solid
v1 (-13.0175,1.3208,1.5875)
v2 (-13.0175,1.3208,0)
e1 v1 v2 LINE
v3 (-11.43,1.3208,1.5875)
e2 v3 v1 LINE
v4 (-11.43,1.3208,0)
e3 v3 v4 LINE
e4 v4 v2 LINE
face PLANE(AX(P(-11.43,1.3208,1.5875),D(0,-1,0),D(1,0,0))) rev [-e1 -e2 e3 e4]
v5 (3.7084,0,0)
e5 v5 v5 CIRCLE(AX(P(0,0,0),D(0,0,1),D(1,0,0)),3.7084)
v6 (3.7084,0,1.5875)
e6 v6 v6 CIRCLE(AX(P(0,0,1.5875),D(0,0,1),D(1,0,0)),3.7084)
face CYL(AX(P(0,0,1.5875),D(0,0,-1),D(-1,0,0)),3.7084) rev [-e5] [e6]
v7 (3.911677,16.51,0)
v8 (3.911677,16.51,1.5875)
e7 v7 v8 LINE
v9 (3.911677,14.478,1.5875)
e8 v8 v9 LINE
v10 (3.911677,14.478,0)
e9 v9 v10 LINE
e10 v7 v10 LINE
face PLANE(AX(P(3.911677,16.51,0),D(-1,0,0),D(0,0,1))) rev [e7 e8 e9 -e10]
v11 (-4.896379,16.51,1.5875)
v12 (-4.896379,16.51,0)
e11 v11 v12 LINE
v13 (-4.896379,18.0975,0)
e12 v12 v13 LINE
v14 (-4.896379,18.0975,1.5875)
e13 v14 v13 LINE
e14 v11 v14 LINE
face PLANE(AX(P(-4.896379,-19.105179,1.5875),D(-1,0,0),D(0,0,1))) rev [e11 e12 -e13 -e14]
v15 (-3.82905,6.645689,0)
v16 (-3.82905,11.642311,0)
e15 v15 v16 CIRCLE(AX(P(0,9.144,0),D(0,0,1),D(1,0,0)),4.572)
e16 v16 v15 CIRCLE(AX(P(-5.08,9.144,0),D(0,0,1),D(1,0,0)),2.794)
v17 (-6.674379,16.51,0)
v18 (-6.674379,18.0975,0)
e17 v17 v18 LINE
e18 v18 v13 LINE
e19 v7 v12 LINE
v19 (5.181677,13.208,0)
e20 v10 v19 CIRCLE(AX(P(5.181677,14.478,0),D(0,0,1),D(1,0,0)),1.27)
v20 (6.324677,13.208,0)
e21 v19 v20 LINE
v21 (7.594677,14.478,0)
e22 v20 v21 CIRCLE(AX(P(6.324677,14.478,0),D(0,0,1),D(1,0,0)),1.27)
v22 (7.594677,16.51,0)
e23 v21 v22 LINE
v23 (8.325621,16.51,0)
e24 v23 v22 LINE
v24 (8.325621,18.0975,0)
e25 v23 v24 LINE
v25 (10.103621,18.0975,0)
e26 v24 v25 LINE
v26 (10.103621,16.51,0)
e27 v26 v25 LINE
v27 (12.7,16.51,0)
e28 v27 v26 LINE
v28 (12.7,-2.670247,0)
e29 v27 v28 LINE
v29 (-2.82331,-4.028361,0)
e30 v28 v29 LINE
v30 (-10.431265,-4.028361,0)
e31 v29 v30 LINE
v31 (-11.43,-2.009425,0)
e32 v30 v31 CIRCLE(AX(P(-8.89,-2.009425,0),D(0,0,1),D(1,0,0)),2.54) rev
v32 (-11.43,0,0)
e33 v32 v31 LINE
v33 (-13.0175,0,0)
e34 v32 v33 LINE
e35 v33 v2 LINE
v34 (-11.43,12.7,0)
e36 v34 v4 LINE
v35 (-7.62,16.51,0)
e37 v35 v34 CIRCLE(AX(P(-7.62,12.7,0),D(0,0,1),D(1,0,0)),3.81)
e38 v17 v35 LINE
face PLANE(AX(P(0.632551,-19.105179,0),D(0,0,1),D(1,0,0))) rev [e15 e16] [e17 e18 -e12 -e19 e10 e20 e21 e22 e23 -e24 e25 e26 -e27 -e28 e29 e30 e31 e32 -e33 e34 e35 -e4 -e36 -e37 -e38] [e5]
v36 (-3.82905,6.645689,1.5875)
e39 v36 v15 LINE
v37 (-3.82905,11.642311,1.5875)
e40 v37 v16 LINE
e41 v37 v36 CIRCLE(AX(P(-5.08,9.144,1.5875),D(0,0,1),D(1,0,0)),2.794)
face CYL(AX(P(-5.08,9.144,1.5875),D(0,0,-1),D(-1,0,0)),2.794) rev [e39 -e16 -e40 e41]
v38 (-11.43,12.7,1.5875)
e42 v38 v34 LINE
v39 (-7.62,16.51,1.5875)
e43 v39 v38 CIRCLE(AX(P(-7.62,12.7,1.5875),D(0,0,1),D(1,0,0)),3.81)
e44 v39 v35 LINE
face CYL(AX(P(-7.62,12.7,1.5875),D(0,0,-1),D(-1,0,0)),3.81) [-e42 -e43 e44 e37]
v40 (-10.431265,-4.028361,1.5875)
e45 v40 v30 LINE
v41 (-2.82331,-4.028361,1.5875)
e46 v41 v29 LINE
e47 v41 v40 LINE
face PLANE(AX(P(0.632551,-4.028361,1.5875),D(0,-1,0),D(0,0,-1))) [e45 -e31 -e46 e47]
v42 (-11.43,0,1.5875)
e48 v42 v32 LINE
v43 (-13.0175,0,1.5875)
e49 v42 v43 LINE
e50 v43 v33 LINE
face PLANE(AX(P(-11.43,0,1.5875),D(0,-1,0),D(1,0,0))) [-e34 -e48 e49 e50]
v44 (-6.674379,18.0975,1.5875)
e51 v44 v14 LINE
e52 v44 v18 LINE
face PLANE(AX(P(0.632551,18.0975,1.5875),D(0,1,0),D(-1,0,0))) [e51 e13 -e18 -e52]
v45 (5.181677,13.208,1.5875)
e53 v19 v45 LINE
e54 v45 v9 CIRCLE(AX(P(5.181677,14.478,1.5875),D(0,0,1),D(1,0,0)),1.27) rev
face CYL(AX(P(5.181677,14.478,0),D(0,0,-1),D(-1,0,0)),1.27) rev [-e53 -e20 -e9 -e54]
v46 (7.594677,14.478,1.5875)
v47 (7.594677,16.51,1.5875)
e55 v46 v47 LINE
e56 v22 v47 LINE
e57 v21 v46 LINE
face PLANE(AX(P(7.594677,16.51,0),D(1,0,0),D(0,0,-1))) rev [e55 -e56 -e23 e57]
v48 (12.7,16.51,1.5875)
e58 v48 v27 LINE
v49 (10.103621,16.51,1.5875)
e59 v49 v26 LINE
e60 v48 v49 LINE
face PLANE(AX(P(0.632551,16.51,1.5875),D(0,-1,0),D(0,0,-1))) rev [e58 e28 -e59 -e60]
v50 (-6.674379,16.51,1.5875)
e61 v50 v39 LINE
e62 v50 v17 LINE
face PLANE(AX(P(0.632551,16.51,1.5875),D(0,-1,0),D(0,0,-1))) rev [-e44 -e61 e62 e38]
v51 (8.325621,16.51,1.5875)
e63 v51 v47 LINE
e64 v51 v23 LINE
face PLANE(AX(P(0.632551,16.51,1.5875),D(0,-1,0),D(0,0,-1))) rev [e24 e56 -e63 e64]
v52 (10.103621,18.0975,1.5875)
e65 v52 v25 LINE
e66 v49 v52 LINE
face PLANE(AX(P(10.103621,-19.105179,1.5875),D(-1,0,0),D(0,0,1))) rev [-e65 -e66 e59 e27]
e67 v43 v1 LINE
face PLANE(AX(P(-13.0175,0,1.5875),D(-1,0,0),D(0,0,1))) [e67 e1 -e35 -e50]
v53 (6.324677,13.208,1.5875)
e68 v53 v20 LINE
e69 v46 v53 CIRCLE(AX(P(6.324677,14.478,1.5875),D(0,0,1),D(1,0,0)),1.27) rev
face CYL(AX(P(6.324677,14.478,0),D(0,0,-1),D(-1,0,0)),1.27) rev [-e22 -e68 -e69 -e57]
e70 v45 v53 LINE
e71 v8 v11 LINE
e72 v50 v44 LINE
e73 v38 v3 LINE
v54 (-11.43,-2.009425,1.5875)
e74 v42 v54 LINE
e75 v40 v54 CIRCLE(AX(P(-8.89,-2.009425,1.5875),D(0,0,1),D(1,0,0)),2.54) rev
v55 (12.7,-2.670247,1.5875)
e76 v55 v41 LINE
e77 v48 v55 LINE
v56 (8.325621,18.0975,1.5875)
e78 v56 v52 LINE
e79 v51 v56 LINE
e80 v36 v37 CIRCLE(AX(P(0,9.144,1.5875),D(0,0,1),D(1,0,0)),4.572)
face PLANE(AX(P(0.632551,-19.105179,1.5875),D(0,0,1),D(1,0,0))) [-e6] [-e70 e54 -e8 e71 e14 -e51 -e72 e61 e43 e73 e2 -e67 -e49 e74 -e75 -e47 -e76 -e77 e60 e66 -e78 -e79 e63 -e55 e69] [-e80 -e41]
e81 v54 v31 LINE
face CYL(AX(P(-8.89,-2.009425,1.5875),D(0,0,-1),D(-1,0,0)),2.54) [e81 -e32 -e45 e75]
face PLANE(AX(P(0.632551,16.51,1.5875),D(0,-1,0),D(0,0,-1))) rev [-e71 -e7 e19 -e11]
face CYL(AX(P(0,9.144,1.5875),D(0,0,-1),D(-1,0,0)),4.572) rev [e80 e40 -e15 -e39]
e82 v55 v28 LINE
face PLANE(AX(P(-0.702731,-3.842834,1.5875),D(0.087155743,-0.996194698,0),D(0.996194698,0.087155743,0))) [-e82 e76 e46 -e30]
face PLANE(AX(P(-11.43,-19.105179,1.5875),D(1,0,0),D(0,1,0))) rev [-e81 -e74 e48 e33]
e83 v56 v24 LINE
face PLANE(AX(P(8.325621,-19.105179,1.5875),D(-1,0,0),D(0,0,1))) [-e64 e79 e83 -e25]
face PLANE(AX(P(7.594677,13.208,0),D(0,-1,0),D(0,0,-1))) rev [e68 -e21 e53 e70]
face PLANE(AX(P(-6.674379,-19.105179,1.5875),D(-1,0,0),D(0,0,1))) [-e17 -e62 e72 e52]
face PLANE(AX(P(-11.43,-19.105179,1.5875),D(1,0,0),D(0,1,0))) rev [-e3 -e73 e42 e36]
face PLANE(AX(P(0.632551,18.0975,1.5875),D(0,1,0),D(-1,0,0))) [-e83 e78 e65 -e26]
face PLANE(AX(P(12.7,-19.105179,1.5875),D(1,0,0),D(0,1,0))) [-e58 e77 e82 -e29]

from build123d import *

# Parameters (mm, degrees)
SKETCH1_R           = 3.7084
SKETCH1_W           = 1.778
SKETCH1_H           = 1.5875
SKETCH1_W_2         = 1.5875
SKETCH1_H_2         = 1.3208
BOSS_EXTRUDE1_DEPTH = 1.5875
SKETCH3_W           = 3.683
SKETCH3_H           = 3.302
CUT_EXTRUDE1_DEPTH  = 23.34938408
FILLET1_R           = 1.27


with BuildPart() as part:
    # Sketch1 → Boss-Extrude1 (new body)
    # profile 1 of 4: a face of its own
    with BuildSketch(Plane.XY):
        with BuildLine():
            Line((-10.431265191, -4.028360607), (-2.823309713, -4.028360607))
            Line((-2.823309713, -4.028360607), (12.7, -2.670246987))
            Line((12.7, -2.670246987), (12.7, 16.51))
            Line((12.7, 16.51), (10.10362126, 16.51))
            Line((10.10362126, 16.51), (8.32562126, 16.51))
            Line((8.32562126, 16.51), (-4.89637874, 16.51))
            Line((-4.89637874, 16.51), (-6.67437874, 16.51))
            Line((-6.67437874, 16.51), (-7.62, 16.51))
            ThreePointArc((-7.62, 16.51), (-10.314076836, 15.394076836), (-11.43, 12.7))
            Line((-11.43, 12.7), (-11.43, 1.3208))
            Line((-11.43, 1.3208), (-11.43, 0))
            Line((-11.43, 0), (-11.43, -2.009424845))
            ThreePointArc((-11.43, -2.009424845), (-11.166665718, -3.135654487), (-10.431265191, -4.028360607))
        make_face()
        Circle(SKETCH1_R, mode=Mode.SUBTRACT)
        with BuildLine():
            ThreePointArc((-3.82905, 11.642311449), (4.572, 9.144), (-3.82905, 6.645688551))
            ThreePointArc((-3.82905, 6.645688551), (-7.874, 9.144), (-3.82905, 11.642311449))
        make_face(mode=Mode.SUBTRACT)
    # profile 2 of 4: a face of its own
    with BuildSketch(Plane.XY):
        with Locations((-5.78537874, 17.30375)):
            Rectangle(SKETCH1_W, SKETCH1_H)
    # profile 3 of 4: a face of its own
    with BuildSketch(Plane.XY):
        with Locations((9.21462126, 17.30375)):
            Rectangle(SKETCH1_W, SKETCH1_H)
    # profile 4 of 4: a face of its own
    with BuildSketch(Plane.XY):
        with Locations((-12.22375, 0.6604)):
            Rectangle(SKETCH1_W_2, SKETCH1_H_2)
    extrude(amount=BOSS_EXTRUDE1_DEPTH)

    # Sketch3 → Cut-Extrude1 (cut, through all)
    with BuildSketch(Plane.XY.offset(1.5875)):
        with Locations((5.753177383, 14.859)):
            Rectangle(SKETCH3_W, SKETCH3_H)
    extrude(amount=-CUT_EXTRUDE1_DEPTH, mode=Mode.SUBTRACT)

    # Fillet1
    fillet1_edges = [part.edges().sort_by_distance(p)[0] for p in [
        (7.594677383, 13.208, 0.79375),
        (3.911677383, 13.208, 0.79375),
    ]]
    fillet(fillet1_edges, radius=FILLET1_R)


solid = part.part
